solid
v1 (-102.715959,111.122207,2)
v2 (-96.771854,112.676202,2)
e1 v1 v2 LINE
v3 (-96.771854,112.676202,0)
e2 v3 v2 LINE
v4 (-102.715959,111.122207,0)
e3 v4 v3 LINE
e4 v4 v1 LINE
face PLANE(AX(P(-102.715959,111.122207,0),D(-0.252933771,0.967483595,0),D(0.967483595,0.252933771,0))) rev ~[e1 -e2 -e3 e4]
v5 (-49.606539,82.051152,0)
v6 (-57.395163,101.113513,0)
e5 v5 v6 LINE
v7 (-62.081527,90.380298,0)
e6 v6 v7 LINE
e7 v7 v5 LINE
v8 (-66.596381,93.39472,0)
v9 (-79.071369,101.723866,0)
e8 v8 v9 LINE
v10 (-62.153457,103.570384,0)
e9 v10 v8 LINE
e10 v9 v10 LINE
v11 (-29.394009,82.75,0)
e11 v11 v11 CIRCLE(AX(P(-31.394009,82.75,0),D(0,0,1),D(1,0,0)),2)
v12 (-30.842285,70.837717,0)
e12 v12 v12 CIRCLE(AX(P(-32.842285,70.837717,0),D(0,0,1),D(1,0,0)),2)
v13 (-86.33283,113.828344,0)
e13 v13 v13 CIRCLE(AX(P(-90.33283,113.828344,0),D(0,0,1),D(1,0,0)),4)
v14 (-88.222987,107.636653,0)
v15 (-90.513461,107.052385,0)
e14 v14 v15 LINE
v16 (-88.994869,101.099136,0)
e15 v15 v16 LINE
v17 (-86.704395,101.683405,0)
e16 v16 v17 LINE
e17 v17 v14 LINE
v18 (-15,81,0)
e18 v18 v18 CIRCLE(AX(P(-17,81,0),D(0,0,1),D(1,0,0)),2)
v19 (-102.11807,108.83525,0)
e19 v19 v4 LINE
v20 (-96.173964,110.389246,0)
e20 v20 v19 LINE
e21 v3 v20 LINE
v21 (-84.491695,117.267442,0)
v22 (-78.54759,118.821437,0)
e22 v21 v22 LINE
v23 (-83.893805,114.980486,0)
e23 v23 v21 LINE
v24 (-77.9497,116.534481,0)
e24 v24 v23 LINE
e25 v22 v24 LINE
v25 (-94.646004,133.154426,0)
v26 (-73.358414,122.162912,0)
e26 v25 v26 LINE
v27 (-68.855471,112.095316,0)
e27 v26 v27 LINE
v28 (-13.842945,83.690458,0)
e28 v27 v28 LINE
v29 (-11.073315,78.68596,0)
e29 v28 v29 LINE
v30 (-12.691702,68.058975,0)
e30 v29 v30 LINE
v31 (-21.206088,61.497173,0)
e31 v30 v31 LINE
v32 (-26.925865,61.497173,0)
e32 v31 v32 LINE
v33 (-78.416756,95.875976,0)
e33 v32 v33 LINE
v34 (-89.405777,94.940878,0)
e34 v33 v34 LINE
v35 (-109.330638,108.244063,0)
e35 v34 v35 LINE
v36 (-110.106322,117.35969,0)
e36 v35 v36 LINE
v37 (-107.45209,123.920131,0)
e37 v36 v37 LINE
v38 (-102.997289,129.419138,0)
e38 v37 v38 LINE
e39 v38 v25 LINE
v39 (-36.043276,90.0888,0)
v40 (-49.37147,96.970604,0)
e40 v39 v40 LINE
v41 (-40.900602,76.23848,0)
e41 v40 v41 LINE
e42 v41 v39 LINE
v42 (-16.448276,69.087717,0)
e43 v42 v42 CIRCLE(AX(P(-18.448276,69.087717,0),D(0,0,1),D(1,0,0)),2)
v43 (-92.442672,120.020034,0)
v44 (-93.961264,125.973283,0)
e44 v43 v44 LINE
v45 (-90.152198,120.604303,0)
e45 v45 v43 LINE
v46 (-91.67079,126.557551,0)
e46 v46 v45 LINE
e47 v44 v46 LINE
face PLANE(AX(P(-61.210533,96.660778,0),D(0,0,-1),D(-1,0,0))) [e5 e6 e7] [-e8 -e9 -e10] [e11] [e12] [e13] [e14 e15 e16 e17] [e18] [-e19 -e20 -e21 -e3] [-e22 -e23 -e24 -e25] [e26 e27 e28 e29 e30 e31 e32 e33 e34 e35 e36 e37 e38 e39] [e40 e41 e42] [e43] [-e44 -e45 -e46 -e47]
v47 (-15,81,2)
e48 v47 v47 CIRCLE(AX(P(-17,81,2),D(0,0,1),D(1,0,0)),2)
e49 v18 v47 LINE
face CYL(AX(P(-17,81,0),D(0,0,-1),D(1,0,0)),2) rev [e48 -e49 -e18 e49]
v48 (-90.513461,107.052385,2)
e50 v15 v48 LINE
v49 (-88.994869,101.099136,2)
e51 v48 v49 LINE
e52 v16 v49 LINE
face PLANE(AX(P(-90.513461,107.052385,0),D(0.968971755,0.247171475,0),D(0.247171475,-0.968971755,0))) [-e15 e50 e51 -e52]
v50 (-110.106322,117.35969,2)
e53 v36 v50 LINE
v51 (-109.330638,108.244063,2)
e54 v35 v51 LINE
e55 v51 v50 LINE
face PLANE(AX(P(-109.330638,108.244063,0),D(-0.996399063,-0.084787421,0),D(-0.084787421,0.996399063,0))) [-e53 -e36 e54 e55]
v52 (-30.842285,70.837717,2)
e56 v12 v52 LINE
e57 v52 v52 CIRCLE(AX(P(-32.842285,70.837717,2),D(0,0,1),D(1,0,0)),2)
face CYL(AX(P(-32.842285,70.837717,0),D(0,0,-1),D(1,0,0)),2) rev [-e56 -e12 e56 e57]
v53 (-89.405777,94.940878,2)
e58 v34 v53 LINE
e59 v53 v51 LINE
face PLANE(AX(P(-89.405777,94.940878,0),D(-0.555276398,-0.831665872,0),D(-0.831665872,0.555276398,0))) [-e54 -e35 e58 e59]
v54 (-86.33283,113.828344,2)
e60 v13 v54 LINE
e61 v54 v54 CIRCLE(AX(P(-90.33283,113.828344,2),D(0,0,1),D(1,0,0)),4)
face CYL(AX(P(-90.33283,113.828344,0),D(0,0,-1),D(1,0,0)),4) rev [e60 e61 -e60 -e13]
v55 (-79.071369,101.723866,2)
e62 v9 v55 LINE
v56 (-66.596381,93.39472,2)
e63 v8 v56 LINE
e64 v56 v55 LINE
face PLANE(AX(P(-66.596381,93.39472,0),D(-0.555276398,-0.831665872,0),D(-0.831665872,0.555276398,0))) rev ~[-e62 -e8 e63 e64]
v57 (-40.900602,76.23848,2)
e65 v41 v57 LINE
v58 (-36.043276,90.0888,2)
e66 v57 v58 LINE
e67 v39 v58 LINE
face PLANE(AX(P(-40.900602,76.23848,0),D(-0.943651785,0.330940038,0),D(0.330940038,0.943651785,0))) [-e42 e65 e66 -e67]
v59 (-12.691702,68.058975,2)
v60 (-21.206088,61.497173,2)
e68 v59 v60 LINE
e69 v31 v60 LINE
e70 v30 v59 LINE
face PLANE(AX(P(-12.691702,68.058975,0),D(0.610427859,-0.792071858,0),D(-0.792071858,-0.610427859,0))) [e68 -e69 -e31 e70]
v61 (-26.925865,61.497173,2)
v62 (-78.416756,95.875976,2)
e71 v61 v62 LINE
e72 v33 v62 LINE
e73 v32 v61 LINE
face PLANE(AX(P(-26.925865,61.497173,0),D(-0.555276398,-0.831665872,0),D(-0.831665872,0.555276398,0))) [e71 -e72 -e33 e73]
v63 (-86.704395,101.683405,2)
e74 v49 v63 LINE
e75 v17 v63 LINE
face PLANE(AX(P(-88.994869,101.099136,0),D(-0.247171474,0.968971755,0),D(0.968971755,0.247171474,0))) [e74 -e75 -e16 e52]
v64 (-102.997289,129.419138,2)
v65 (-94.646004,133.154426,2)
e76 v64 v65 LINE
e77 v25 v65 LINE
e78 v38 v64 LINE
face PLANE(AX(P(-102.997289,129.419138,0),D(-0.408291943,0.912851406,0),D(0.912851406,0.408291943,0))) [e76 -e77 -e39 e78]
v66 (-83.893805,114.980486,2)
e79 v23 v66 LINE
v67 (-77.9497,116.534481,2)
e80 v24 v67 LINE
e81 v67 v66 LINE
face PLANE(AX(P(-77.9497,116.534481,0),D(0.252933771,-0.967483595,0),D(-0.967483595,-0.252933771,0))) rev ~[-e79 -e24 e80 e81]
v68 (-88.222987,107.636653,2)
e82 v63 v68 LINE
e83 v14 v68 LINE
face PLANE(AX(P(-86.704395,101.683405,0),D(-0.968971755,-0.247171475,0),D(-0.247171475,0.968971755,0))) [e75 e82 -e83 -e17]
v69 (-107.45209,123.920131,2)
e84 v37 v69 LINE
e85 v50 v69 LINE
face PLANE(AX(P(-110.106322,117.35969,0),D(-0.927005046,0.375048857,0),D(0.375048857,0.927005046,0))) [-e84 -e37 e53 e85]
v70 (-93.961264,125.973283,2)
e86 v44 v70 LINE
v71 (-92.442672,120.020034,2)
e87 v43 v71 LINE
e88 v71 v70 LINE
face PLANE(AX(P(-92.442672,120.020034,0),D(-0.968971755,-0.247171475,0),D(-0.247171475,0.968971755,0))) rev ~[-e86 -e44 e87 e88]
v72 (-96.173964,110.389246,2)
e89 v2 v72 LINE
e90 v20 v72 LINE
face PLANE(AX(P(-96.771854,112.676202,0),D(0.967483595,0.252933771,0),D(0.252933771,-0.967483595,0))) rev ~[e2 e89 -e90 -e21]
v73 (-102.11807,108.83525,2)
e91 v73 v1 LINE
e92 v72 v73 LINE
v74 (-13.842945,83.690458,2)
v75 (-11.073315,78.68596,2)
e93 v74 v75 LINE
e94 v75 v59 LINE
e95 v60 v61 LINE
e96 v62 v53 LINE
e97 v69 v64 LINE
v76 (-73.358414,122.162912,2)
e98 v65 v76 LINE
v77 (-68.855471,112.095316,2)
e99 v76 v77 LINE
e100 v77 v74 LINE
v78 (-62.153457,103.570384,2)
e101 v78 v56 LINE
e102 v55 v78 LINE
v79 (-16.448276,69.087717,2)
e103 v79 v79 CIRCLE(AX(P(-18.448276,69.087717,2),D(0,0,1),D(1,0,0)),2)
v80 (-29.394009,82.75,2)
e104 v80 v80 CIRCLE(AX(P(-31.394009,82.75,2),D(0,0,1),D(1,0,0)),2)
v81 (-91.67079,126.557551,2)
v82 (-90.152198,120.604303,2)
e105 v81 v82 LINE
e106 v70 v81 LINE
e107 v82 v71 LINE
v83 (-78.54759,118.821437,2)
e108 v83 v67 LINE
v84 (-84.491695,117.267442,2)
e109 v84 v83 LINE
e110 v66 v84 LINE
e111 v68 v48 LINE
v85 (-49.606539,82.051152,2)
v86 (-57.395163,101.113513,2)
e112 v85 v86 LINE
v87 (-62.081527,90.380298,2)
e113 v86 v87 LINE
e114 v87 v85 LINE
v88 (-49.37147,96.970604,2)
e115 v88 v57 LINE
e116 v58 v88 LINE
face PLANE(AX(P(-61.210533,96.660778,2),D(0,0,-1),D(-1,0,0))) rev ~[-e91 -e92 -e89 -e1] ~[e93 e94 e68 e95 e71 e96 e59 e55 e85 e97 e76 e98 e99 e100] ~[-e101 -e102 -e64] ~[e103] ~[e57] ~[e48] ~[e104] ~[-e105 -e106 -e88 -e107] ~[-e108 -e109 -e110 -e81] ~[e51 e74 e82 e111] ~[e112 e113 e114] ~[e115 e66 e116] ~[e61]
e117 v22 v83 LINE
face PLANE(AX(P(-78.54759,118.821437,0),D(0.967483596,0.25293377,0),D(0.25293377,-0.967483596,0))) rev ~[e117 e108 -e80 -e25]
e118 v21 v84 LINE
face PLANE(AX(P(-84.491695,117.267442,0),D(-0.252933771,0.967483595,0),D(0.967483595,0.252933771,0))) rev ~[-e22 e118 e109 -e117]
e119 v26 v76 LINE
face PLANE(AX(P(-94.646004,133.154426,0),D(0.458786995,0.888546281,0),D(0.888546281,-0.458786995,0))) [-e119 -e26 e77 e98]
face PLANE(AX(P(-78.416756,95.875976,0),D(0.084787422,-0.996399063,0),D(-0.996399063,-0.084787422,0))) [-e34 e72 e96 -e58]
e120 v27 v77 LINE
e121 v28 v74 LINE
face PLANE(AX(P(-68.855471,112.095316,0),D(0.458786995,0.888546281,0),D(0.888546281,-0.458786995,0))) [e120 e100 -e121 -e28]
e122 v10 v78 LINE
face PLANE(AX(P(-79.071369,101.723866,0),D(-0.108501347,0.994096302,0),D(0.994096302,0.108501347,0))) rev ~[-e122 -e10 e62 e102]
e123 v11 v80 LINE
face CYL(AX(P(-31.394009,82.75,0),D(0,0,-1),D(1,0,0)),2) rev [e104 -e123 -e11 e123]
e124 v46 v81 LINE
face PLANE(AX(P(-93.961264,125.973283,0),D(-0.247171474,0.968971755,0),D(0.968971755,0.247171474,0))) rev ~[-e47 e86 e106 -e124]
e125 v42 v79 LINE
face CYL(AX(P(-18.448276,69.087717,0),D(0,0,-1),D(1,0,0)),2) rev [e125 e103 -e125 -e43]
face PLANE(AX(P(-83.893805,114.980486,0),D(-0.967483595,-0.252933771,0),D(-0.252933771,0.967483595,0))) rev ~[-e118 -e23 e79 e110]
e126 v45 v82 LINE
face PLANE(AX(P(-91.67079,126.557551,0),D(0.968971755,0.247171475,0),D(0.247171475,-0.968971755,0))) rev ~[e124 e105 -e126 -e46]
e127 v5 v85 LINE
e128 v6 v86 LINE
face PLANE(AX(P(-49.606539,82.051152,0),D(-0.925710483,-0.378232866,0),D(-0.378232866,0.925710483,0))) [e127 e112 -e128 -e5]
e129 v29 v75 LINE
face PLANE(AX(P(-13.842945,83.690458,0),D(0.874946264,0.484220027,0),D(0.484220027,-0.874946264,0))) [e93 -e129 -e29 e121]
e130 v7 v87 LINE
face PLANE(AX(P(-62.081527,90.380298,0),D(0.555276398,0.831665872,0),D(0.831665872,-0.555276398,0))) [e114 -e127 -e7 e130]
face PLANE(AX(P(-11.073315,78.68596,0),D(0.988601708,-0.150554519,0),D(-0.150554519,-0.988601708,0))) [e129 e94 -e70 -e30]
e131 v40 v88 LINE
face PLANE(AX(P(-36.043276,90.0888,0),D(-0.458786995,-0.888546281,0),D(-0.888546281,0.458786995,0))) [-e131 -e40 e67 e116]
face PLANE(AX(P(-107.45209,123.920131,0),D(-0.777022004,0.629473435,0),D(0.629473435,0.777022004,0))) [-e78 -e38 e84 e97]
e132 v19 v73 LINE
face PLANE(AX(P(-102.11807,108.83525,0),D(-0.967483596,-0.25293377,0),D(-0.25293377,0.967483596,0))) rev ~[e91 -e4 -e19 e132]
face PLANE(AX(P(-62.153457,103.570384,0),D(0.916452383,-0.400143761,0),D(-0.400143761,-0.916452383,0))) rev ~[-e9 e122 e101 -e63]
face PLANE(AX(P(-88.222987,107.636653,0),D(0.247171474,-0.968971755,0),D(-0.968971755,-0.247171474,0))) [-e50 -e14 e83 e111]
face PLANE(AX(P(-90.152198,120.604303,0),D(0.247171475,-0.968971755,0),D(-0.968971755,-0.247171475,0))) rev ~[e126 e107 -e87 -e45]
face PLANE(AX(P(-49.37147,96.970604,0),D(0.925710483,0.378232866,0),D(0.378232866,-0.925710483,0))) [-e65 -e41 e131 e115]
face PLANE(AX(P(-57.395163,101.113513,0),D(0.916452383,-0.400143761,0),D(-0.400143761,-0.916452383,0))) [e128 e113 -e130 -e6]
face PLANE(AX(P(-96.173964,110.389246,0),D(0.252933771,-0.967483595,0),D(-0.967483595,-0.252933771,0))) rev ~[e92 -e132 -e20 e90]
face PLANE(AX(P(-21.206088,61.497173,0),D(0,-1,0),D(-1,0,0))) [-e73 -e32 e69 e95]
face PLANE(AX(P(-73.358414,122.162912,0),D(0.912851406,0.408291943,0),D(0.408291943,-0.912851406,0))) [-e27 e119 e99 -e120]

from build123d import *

# Parameters (mm, degrees)
SKETCH1_R           = 4
SKETCH1_R_2         = 2
BOSS_EXTRUDE1_DEPTH = 2
CUT_EXTRUDE1_DEPTH  = 173.793238563


with BuildPart() as part:
    # Sketch1 → Boss-Extrude1 (new body)
    with BuildSketch(Plane.XY):
        Polygon((-12.69170221, 68.058974673), (-21.206087924, 61.497173254), (-26.925864701, 61.497173254), (-78.416756166, 95.875975746), (-89.405776689, 94.940877802), (-109.330638194, 108.244063256), (-110.106321881, 117.359690148), (-107.452090358, 123.920131464), (-102.997288795, 129.41913849), (-94.646003522, 133.154426043), (-73.358414132, 122.162911716), (-68.855470773, 112.095316109), (-13.842945112, 83.690457631), (-11.073314648, 78.685960307), align=None)
        with Locations((-90.332829692, 113.828343926)):
            Circle(SKETCH1_R, mode=Mode.SUBTRACT)
        with Locations((-18.448275862, 69.087716549)):
            Circle(SKETCH1_R_2, mode=Mode.SUBTRACT)
        with Locations((-32.842285033, 70.837716549)):
            Circle(SKETCH1_R_2, mode=Mode.SUBTRACT)
        with Locations((-31.39400917, 82.75)):
            Circle(SKETCH1_R_2, mode=Mode.SUBTRACT)
        with Locations((-17, 81)):
            Circle(SKETCH1_R_2, mode=Mode.SUBTRACT)
        Polygon((-102.715959344, 111.122206654), (-96.771854102, 112.676201947), (-96.173964404, 110.389245671), (-102.118069647, 108.835250378), align=None, mode=Mode.SUBTRACT)
        Polygon((-91.670790351, 126.557551491), (-90.152197928, 120.604303172), (-92.442671943, 120.0200345), (-93.961264367, 125.97328282), align=None, mode=Mode.SUBTRACT)
        Polygon((-77.94970004, 116.534481198), (-83.893805282, 114.980485905), (-84.49169498, 117.267442181), (-78.547589737, 118.821437474), align=None, mode=Mode.SUBTRACT)
        Polygon((-88.222987441, 107.636653352), (-90.513461456, 107.052384681), (-88.994869033, 101.099136361), (-86.704395017, 101.683405032), align=None, mode=Mode.SUBTRACT)
    extrude(amount=BOSS_EXTRUDE1_DEPTH)

    # Sketch5 → Cut-Extrude1 (cut, through all)
    with BuildSketch(Plane(origin=(0, 0, 0), x_dir=(-1, 0, 0), z_dir=(0, 0, -1))):
        Polygon((40.900602426, 76.238480364), (36.043275579, 90.088799545), (49.371469789, 96.970604475), align=None)
        Polygon((49.606538592, 82.051152303), (57.395163154, 101.113513236), (62.081526665, 90.380298271), align=None)
        Polygon((62.153457083, 103.570383994), (66.596381061, 93.394720495), (79.071369134, 101.723866464), align=None)
    extrude(amount=-CUT_EXTRUDE1_DEPTH, mode=Mode.SUBTRACT)


solid = part.part
